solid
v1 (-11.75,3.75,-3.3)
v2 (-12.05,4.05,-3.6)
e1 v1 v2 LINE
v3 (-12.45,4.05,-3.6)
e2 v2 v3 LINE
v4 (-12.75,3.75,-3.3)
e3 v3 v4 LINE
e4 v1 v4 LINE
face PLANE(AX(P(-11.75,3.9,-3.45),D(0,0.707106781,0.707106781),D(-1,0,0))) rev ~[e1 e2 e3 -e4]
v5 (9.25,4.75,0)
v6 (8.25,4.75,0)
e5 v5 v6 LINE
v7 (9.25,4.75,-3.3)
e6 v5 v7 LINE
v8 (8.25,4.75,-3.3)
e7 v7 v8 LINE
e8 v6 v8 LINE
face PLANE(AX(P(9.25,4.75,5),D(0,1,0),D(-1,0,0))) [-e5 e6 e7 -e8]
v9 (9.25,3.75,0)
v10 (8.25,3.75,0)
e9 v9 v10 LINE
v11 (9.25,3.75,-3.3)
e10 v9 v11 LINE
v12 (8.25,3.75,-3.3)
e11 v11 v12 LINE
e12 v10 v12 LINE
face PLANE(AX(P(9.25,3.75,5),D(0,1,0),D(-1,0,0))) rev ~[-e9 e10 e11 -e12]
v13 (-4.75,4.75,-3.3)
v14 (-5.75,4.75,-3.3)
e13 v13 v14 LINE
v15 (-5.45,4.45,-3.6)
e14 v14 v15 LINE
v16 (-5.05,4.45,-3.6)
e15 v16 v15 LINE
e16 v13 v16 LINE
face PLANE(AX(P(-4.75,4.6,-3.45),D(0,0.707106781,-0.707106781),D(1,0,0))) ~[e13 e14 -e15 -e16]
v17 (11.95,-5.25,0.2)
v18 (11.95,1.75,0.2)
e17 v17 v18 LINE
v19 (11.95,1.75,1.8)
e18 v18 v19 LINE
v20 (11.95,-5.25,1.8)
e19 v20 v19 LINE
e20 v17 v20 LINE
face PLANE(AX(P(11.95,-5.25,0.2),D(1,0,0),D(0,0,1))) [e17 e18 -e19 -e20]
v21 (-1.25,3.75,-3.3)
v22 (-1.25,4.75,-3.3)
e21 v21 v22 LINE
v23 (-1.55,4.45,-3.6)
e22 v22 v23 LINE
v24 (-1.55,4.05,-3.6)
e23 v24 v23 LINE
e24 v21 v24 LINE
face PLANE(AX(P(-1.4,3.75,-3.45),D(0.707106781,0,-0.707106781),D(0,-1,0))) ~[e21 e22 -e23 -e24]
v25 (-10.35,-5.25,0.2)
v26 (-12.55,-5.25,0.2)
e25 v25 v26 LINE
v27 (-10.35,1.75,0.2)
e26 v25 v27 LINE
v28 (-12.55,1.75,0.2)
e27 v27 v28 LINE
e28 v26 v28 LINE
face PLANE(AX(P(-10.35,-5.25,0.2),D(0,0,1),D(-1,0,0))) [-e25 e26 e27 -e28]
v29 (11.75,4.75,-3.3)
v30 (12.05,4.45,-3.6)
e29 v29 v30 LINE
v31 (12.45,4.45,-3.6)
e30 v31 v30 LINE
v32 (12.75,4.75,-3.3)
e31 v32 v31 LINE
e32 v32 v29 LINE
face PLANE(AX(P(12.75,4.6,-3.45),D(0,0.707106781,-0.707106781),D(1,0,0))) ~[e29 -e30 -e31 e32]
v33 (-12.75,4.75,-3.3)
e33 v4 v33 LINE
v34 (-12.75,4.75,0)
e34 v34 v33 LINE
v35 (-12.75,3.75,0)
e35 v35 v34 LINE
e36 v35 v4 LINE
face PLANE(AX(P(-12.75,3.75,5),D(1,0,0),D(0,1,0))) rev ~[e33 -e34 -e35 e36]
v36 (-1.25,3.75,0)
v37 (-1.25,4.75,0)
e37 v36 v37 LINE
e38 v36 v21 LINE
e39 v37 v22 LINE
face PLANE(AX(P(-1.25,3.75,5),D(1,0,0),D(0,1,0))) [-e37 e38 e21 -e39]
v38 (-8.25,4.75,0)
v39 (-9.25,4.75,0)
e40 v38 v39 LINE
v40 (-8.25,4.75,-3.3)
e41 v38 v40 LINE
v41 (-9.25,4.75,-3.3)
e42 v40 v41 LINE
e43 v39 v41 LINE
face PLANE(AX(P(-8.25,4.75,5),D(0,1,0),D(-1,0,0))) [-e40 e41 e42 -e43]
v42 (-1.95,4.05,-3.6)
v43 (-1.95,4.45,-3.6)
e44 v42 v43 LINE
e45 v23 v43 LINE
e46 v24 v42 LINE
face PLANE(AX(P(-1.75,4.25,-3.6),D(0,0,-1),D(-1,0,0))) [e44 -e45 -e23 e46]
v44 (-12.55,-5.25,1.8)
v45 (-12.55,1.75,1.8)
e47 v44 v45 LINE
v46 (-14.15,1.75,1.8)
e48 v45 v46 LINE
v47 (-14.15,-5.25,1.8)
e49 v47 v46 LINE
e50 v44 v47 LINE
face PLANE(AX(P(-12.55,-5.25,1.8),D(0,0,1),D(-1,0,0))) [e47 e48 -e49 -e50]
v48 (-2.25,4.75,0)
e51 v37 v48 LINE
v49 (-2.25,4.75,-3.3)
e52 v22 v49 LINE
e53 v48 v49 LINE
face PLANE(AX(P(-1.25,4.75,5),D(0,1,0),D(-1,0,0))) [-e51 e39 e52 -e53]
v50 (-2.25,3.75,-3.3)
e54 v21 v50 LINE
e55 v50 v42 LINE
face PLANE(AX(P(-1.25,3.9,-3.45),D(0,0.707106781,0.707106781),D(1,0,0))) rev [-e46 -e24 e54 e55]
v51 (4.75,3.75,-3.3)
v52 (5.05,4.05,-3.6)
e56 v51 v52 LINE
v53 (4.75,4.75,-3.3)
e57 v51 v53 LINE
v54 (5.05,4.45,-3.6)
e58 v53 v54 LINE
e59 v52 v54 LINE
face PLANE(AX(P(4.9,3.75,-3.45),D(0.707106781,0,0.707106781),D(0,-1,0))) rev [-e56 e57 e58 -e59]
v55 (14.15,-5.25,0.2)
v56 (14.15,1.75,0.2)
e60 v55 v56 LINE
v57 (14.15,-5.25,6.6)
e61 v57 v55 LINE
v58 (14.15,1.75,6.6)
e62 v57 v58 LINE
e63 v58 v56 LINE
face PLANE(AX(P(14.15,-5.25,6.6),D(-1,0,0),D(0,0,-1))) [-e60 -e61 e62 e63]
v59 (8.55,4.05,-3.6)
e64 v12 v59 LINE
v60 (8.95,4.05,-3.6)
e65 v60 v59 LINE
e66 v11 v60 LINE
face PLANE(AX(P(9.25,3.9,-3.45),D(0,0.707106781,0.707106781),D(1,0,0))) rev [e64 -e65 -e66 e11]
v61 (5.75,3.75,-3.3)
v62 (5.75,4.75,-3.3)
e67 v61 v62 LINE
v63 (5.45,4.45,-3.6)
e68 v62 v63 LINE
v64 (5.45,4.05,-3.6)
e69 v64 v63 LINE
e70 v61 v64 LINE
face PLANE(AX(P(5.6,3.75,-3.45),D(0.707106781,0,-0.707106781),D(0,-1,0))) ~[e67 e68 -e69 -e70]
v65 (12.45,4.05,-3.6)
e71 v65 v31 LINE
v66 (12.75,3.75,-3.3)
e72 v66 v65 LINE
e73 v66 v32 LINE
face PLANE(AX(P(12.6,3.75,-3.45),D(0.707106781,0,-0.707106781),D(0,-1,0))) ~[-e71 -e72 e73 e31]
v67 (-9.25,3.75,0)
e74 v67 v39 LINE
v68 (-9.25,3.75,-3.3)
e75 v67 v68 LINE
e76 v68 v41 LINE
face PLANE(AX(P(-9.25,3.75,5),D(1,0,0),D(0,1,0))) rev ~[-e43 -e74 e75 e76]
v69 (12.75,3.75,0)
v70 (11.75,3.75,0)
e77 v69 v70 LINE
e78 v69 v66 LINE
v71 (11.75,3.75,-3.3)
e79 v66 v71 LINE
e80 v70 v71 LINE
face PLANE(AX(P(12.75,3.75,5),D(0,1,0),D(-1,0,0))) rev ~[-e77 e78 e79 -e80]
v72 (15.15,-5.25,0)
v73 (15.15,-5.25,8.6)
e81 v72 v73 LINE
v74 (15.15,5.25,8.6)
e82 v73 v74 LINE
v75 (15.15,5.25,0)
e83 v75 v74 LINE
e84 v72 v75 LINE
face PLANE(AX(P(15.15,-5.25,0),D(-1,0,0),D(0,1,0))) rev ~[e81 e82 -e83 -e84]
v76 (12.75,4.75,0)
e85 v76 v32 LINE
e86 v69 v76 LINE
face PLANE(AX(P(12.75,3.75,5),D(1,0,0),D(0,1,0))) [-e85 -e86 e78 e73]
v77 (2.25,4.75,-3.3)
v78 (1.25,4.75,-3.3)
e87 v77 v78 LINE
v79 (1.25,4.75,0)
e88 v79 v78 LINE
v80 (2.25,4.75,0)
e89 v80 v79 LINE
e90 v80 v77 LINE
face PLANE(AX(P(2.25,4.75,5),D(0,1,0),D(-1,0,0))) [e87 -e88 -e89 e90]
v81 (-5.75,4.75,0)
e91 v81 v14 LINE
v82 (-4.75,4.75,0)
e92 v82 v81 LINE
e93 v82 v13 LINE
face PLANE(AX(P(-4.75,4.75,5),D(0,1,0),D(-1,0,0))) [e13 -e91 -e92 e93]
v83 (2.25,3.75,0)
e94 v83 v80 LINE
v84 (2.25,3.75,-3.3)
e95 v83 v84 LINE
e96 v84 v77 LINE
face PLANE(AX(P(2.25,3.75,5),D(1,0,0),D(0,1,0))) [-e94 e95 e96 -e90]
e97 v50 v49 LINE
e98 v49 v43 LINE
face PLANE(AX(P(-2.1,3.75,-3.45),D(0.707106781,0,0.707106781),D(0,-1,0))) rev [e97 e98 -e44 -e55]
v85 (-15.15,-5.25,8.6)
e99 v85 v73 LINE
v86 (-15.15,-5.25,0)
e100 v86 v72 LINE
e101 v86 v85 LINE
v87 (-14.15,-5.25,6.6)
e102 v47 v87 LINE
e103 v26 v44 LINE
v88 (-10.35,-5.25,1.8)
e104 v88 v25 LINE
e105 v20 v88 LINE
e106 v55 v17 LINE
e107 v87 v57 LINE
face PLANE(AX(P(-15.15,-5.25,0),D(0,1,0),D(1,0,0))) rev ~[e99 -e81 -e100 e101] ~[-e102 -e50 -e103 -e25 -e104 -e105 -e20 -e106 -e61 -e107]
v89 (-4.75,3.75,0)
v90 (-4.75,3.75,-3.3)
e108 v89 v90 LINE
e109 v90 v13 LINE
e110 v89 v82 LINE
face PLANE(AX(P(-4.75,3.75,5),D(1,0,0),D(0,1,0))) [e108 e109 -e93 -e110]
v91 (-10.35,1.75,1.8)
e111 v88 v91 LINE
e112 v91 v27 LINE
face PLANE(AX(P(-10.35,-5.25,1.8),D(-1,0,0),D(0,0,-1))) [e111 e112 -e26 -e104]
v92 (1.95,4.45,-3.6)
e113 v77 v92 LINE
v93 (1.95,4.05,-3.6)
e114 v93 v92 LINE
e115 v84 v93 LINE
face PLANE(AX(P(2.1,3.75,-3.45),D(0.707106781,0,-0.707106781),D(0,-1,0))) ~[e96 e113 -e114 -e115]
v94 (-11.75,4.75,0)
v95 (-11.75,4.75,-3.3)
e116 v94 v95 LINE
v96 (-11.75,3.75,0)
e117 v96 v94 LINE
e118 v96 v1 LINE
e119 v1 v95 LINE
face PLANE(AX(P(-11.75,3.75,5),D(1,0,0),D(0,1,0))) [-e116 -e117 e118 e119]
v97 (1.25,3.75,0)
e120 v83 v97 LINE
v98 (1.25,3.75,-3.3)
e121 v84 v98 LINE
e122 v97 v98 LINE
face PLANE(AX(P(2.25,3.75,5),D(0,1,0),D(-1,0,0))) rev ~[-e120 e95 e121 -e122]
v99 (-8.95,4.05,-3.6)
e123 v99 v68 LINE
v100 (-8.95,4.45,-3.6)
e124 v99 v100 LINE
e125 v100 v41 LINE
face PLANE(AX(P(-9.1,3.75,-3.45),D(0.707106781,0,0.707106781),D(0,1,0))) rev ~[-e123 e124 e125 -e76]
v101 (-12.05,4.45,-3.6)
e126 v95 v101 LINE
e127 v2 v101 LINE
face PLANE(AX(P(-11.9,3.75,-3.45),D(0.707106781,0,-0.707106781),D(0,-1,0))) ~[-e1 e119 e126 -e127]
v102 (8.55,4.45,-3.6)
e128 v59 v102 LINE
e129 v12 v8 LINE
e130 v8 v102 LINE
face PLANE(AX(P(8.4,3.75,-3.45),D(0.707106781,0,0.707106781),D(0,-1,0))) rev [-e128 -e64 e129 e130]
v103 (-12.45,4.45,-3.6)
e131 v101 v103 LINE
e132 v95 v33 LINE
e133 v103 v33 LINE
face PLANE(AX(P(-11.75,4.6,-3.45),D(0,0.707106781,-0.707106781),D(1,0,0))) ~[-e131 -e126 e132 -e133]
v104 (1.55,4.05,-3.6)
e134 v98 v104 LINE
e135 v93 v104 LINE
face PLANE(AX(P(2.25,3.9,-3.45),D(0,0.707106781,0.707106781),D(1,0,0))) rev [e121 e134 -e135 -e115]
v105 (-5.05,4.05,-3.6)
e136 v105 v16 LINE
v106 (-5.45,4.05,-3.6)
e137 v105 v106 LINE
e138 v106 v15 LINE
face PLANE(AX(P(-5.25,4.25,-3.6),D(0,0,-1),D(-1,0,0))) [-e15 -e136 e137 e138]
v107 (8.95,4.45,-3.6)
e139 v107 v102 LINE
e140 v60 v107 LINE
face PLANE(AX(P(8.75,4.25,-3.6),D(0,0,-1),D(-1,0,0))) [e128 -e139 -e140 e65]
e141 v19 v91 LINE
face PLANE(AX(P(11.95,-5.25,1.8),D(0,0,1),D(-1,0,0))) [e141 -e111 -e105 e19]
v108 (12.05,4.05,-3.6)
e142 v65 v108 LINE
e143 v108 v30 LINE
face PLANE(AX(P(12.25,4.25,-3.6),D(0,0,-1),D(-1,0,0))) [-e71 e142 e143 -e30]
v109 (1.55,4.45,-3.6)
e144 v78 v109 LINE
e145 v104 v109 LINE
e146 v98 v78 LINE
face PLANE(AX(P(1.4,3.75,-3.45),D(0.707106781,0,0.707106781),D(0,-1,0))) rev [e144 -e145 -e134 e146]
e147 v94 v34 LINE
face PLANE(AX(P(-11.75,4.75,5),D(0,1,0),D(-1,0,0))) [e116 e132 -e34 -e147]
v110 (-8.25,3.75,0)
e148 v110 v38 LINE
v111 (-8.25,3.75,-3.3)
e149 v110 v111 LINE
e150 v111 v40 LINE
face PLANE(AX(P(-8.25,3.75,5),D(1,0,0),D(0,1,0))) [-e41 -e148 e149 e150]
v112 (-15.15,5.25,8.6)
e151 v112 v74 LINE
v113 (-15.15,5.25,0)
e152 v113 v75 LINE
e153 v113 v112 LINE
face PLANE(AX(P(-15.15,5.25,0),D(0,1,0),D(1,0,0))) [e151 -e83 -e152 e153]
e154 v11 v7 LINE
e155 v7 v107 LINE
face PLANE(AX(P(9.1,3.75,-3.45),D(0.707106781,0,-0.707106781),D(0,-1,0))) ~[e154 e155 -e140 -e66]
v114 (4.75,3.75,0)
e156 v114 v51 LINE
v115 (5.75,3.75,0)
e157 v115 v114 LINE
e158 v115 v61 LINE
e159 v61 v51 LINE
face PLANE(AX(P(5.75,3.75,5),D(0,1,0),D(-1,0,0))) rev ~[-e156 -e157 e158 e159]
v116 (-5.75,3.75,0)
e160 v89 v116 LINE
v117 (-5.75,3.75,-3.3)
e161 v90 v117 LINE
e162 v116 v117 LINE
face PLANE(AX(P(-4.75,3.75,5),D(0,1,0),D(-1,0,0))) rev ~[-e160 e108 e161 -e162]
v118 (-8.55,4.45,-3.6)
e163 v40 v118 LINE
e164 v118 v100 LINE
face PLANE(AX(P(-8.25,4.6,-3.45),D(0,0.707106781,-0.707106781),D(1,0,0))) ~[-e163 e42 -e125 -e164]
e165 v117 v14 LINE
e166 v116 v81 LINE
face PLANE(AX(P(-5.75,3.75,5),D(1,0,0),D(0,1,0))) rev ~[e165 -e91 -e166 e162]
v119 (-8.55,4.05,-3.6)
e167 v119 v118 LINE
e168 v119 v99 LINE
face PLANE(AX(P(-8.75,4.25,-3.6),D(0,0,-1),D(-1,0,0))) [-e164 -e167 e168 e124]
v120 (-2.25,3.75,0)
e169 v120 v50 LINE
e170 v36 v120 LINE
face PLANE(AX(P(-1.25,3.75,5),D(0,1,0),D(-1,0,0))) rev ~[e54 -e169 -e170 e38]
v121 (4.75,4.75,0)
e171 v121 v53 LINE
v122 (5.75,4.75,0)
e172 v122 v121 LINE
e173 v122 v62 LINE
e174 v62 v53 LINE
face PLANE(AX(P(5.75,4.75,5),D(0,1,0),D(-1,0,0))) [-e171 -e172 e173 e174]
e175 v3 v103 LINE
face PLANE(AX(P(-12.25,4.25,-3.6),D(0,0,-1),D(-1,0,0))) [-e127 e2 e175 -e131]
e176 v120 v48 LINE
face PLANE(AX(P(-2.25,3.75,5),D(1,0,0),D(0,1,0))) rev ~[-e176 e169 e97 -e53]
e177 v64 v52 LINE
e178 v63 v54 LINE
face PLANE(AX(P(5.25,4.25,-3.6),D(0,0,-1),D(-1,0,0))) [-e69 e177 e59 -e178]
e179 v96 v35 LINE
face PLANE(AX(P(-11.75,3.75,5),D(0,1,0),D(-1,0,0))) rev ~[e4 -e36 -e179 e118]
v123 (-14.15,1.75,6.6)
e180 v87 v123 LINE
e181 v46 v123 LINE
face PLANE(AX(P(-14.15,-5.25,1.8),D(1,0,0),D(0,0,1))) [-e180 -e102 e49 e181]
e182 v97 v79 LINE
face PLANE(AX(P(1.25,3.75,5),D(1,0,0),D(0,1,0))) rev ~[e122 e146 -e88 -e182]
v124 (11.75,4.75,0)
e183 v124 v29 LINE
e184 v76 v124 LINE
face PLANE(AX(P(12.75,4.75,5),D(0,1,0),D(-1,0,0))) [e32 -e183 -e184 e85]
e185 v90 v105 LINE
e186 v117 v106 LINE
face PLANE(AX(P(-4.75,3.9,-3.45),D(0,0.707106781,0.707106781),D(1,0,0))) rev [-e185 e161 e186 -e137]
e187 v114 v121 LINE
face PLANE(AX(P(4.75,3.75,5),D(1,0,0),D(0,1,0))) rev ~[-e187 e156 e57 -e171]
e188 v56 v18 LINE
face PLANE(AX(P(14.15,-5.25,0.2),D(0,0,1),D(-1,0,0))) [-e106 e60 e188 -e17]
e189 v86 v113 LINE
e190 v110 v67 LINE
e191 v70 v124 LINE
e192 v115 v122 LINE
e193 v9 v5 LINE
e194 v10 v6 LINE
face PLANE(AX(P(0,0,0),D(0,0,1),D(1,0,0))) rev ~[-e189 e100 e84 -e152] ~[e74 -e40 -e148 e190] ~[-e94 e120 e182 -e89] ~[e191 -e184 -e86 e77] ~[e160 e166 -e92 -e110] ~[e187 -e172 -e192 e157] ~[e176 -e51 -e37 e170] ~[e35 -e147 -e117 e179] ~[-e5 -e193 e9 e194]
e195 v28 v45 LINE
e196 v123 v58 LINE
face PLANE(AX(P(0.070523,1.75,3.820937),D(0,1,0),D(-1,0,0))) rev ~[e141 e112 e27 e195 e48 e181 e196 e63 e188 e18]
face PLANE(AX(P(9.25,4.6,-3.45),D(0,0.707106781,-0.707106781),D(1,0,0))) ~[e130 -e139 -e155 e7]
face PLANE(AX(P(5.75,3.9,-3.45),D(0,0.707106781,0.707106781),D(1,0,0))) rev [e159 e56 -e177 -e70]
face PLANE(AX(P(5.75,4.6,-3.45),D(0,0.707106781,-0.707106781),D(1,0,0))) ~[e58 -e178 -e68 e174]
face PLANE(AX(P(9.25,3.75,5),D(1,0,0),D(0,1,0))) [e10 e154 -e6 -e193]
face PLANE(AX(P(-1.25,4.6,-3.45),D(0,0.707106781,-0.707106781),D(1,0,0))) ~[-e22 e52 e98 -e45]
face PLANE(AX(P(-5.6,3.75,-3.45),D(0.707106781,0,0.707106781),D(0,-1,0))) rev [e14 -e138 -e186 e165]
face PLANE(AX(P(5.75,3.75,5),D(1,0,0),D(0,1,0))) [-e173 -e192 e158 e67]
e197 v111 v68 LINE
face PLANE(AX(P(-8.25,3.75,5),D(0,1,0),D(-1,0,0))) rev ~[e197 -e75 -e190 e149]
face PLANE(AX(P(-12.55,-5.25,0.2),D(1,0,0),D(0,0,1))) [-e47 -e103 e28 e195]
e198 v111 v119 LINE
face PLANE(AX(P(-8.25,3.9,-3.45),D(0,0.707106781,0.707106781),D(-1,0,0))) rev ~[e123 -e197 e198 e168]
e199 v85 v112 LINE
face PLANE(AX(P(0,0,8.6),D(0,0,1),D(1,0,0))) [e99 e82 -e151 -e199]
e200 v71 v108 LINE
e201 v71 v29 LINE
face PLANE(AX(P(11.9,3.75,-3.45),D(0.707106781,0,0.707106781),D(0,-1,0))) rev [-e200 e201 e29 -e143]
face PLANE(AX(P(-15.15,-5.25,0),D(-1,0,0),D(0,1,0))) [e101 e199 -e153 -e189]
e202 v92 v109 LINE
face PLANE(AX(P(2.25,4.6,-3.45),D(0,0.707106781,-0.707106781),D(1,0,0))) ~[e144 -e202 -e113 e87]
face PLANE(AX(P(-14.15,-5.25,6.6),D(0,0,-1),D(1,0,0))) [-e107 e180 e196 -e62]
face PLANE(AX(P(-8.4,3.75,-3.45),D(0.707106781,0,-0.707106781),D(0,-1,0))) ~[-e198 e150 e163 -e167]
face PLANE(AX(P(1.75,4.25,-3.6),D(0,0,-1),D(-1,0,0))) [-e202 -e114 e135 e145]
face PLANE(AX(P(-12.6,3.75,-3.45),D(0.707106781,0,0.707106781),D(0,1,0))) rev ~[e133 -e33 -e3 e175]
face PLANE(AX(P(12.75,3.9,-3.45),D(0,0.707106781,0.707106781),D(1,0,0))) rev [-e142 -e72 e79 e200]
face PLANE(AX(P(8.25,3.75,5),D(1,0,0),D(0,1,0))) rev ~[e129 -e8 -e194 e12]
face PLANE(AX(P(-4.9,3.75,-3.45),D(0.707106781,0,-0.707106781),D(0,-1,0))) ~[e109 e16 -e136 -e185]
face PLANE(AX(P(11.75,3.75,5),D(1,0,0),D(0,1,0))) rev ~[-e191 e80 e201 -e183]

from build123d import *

# Parameters (mm, degrees)
SKETCH_1_W                         = 30.3
SKETCH_1_H                         = 10.5
EXTRUDE_1_DEPTH                    = 8.6
CUT_EXTRUDE_1_DEPTH                = 7
EXTRUDE_START                      = -5
SKETCH_3_W                         = 1
SKETCH_3_H                         = 1
EXTRUDE_2_DEPTH                    = 8.6
CHAMFER_1_SIZE                     = 0.3
PATTERN_LINEAR_1_COUNT             = 8
PATTERN_LINEAR_1_PITCH             = 3.5
CHAMFER_1_OF_PATTERN_LINEAR_1_SIZE = 0.3


with BuildPart() as part:
    # Эскиз1 → Бобышка-Вытянуть1 (new body)
    with BuildSketch(Plane.XY):
        Rectangle(SKETCH_1_W, SKETCH_1_H)
    extrude(amount=EXTRUDE_1_DEPTH)

    # Эскиз2 → Вырез-Вытянуть1 (cut)
    with BuildSketch(Plane.XZ.offset(5.25)):
        Polygon((-14.15, 6.6), (14.15, 6.6), (14.15, 0.2), (11.95, 0.2), (11.95, 1.8), (-10.35, 1.8), (-10.35, 0.2), (-12.55, 0.2), (-12.55, 1.8), (-14.15, 1.8), align=None)
    extrude(amount=-CUT_EXTRUDE_1_DEPTH, mode=Mode.SUBTRACT)

    # Эскиз3 → Бобышка-Вытянуть2 (add)
    with BuildSketch(Plane(origin=(0, 0, 0), x_dir=(-1, 0, 0), z_dir=(0, 0, -1)).offset(EXTRUDE_START)):
        with Locations((12.25, 4.25)):
            Rectangle(SKETCH_3_W, SKETCH_3_H)
    extrude_2 = extrude(amount=EXTRUDE_2_DEPTH)

    # Фаска1
    chamfer_1_edges = [part.edges().sort_by_distance(p)[0] for p in [
        (-11.75, 4.25, -3.6),
        (-12.25, 3.75, -3.6),
        (-12.75, 4.25, -3.6),
        (-12.25, 4.75, -3.6),
    ]]
    chamfer(chamfer_1_edges, length=CHAMFER_1_SIZE)

    # Линейный массив1: Бобышка-Вытянуть2 ×8
    with Locations(*[(i * PATTERN_LINEAR_1_PITCH, 0, 0) for i in range(1, PATTERN_LINEAR_1_COUNT)]):
        add(extrude_2)

    # Фаска1 of Линейный массив1
    chamfer_1_of_pattern_linear_1_edges = [part.edges().sort_by_distance(p)[0] for p in [
        (-8.25, 4.25, -3.6),
        (-8.75, 3.75, -3.6),
        (-9.25, 4.25, -3.6),
        (-8.75, 4.75, -3.6),
        (-4.75, 4.25, -3.6),
        (-5.25, 3.75, -3.6),
        (-5.75, 4.25, -3.6),
        (-5.25, 4.75, -3.6),
        (-1.25, 4.25, -3.6),
        (-1.75, 3.75, -3.6),
        (-2.25, 4.25, -3.6),
        (-1.75, 4.75, -3.6),
        (2.25, 4.25, -3.6),
        (1.75, 3.75, -3.6),
        (1.25, 4.25, -3.6),
        (1.75, 4.75, -3.6),
        (5.75, 4.25, -3.6),
        (5.25, 3.75, -3.6),
        (4.75, 4.25, -3.6),
        (5.25, 4.75, -3.6),
        (9.25, 4.25, -3.6),
        (8.75, 3.75, -3.6),
        (8.25, 4.25, -3.6),
        (8.75, 4.75, -3.6),
        (12.75, 4.25, -3.6),
        (12.25, 3.75, -3.6),
        (11.75, 4.25, -3.6),
        (12.25, 4.75, -3.6),
    ]]
    chamfer(chamfer_1_of_pattern_linear_1_edges, length=CHAMFER_1_OF_PATTERN_LINEAR_1_SIZE)


solid = part.part
